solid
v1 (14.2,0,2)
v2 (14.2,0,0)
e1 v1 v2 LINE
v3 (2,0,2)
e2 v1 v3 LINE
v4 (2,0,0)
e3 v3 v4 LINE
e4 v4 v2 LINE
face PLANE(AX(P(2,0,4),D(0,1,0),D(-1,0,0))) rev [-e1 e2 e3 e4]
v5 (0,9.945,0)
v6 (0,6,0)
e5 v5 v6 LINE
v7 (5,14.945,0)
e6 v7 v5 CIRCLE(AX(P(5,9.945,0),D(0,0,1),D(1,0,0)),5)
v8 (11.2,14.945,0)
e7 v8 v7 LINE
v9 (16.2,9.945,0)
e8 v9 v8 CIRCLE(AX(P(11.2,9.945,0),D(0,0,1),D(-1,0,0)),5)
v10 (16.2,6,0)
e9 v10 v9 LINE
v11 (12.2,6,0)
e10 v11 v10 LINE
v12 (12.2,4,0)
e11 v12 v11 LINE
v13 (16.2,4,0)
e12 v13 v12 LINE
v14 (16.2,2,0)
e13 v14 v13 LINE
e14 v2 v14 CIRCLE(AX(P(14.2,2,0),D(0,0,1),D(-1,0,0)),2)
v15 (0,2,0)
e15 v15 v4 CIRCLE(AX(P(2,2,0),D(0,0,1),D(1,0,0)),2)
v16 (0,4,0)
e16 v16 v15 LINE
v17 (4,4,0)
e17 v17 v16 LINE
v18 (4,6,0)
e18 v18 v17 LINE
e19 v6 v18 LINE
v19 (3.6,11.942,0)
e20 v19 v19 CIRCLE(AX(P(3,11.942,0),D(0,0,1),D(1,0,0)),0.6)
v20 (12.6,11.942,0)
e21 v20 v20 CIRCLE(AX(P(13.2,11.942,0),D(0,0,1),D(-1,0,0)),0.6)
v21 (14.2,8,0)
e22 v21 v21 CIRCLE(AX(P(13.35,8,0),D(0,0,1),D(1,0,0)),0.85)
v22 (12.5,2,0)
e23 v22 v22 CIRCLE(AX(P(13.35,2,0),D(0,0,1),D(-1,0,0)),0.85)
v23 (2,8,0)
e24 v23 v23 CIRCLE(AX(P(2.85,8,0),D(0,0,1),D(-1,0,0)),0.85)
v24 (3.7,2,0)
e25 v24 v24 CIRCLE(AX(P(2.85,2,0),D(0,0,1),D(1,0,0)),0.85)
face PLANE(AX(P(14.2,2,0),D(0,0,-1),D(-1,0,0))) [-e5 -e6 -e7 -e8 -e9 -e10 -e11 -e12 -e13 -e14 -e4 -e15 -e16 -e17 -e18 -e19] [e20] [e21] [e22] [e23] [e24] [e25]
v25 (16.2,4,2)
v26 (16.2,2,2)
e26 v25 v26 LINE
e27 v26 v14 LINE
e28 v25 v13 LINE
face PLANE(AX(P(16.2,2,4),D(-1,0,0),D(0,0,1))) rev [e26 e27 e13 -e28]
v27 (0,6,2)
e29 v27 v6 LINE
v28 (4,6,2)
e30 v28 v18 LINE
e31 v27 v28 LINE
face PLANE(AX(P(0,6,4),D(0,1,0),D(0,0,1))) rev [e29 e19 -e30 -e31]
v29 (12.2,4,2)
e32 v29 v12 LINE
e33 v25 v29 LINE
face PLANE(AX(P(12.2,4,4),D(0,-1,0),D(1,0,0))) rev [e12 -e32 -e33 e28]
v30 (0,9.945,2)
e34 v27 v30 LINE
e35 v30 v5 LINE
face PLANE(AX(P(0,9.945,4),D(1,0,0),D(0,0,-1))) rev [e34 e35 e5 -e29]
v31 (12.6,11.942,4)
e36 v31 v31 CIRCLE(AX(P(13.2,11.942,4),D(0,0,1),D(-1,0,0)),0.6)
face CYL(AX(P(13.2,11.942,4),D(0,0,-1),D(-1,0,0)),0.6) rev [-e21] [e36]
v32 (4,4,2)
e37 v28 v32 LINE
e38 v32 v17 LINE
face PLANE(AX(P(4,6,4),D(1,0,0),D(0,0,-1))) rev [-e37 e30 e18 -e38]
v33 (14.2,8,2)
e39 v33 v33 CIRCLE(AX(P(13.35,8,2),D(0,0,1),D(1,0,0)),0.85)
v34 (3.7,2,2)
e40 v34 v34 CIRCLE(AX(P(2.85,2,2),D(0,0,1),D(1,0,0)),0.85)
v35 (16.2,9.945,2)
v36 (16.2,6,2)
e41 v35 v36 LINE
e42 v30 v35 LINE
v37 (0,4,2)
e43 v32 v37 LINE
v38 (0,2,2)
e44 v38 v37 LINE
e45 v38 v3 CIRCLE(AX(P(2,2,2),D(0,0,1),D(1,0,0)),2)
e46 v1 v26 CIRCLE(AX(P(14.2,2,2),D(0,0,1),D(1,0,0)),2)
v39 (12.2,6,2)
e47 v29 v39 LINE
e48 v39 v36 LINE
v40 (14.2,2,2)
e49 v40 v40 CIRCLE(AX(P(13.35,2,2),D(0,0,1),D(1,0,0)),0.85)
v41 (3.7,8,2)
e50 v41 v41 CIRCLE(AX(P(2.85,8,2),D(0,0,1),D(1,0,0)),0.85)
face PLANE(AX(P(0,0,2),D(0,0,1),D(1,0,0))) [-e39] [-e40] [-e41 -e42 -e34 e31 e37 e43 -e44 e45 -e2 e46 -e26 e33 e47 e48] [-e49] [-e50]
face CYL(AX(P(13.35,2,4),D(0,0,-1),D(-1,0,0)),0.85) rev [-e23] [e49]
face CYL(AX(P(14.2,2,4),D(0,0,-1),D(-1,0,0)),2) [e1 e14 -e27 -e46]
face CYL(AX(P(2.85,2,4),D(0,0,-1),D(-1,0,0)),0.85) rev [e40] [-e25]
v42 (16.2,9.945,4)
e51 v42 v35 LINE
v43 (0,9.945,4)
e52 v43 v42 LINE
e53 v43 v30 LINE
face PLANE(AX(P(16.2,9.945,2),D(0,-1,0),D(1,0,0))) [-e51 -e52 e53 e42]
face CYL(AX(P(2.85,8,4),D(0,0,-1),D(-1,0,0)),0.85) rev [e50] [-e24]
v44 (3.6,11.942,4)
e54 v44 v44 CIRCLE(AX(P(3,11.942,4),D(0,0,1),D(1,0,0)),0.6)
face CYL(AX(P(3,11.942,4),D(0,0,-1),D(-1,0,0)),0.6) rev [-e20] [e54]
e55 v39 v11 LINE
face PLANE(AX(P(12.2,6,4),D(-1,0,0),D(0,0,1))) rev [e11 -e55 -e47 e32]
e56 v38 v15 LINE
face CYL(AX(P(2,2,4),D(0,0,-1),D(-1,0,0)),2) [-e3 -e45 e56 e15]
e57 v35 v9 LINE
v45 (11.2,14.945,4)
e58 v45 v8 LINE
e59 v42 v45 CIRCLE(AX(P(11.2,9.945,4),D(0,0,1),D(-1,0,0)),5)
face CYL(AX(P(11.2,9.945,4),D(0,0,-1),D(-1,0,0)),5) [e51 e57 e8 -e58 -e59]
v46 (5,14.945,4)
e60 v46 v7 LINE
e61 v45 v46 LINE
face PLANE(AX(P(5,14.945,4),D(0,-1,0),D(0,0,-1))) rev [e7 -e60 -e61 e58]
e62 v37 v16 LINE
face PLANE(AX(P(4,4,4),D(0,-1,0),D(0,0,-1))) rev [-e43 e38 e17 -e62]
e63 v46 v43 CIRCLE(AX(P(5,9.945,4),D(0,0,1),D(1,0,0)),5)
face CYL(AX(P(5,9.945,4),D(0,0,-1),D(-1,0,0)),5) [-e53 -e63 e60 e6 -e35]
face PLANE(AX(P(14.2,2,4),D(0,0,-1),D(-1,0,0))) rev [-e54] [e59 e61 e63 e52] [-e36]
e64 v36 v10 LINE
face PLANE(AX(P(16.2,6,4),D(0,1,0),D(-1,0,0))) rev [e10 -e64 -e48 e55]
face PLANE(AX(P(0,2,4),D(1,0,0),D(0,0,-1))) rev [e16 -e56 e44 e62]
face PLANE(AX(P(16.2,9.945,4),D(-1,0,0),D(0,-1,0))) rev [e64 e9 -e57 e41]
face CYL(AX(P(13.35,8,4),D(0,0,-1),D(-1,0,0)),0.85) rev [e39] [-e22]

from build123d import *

# Parameters (mm, degrees)
SKETCH2_R           = 0.85
SKETCH2_R_2         = 0.6
BOSS_EXTRUDE1_DEPTH = 4
SKETCH3_W           = 16.2
SKETCH3_H           = 9.945
CUT_EXTRUDE2_DEPTH  = 2


with BuildPart() as part:
    # Sketch2 → Boss-Extrude1 (new body)
    with BuildSketch(Plane.XY):
        with BuildLine():
            Line((0, 9.945), (0, 6))
            Line((0, 6), (4, 6))
            Line((4, 6), (4, 4))
            Line((4, 4), (0, 4))
            Line((0, 4), (0, 2))
            ThreePointArc((0, 2), (0.585786438, 0.585786438), (2, 0))
            Line((2, 0), (14.2, 0))
            ThreePointArc((14.2, 0), (15.614213562, 0.585786438), (16.2, 2))
            Line((16.2, 2), (16.2, 4))
            Line((16.2, 4), (12.2, 4))
            Line((12.2, 4), (12.2, 6))
            Line((12.2, 6), (16.2, 6))
            Line((16.2, 6), (16.2, 9.945))
            ThreePointArc((16.2, 9.945), (14.735533906, 13.480533906), (11.2, 14.945))
            Line((11.2, 14.945), (5, 14.945))
            ThreePointArc((5, 14.945), (1.464466094, 13.480533906), (0, 9.945))
        make_face()
        with Locations((13.35, 8)):
            Circle(SKETCH2_R, mode=Mode.SUBTRACT)
        with Locations((13.35, 2)):
            Circle(SKETCH2_R, mode=Mode.SUBTRACT)
        with Locations((13.2, 11.942)):
            Circle(SKETCH2_R_2, mode=Mode.SUBTRACT)
        with Locations((3, 11.942)):
            Circle(SKETCH2_R_2, mode=Mode.SUBTRACT)
        with Locations((2.85, 2)):
            Circle(SKETCH2_R, mode=Mode.SUBTRACT)
        with Locations((2.85, 8)):
            Circle(SKETCH2_R, mode=Mode.SUBTRACT)
    extrude(amount=BOSS_EXTRUDE1_DEPTH)

    # Sketch3 → Cut-Extrude2 (cut)
    with BuildSketch(Plane(origin=(0, 0, 4), x_dir=(-1, 0, 0), z_dir=(0, 0, -1))):
        with Locations((-8.1, 4.9725)):
            Rectangle(SKETCH3_W, SKETCH3_H)
    extrude(amount=CUT_EXTRUDE2_DEPTH, mode=Mode.SUBTRACT)


solid = part.part
